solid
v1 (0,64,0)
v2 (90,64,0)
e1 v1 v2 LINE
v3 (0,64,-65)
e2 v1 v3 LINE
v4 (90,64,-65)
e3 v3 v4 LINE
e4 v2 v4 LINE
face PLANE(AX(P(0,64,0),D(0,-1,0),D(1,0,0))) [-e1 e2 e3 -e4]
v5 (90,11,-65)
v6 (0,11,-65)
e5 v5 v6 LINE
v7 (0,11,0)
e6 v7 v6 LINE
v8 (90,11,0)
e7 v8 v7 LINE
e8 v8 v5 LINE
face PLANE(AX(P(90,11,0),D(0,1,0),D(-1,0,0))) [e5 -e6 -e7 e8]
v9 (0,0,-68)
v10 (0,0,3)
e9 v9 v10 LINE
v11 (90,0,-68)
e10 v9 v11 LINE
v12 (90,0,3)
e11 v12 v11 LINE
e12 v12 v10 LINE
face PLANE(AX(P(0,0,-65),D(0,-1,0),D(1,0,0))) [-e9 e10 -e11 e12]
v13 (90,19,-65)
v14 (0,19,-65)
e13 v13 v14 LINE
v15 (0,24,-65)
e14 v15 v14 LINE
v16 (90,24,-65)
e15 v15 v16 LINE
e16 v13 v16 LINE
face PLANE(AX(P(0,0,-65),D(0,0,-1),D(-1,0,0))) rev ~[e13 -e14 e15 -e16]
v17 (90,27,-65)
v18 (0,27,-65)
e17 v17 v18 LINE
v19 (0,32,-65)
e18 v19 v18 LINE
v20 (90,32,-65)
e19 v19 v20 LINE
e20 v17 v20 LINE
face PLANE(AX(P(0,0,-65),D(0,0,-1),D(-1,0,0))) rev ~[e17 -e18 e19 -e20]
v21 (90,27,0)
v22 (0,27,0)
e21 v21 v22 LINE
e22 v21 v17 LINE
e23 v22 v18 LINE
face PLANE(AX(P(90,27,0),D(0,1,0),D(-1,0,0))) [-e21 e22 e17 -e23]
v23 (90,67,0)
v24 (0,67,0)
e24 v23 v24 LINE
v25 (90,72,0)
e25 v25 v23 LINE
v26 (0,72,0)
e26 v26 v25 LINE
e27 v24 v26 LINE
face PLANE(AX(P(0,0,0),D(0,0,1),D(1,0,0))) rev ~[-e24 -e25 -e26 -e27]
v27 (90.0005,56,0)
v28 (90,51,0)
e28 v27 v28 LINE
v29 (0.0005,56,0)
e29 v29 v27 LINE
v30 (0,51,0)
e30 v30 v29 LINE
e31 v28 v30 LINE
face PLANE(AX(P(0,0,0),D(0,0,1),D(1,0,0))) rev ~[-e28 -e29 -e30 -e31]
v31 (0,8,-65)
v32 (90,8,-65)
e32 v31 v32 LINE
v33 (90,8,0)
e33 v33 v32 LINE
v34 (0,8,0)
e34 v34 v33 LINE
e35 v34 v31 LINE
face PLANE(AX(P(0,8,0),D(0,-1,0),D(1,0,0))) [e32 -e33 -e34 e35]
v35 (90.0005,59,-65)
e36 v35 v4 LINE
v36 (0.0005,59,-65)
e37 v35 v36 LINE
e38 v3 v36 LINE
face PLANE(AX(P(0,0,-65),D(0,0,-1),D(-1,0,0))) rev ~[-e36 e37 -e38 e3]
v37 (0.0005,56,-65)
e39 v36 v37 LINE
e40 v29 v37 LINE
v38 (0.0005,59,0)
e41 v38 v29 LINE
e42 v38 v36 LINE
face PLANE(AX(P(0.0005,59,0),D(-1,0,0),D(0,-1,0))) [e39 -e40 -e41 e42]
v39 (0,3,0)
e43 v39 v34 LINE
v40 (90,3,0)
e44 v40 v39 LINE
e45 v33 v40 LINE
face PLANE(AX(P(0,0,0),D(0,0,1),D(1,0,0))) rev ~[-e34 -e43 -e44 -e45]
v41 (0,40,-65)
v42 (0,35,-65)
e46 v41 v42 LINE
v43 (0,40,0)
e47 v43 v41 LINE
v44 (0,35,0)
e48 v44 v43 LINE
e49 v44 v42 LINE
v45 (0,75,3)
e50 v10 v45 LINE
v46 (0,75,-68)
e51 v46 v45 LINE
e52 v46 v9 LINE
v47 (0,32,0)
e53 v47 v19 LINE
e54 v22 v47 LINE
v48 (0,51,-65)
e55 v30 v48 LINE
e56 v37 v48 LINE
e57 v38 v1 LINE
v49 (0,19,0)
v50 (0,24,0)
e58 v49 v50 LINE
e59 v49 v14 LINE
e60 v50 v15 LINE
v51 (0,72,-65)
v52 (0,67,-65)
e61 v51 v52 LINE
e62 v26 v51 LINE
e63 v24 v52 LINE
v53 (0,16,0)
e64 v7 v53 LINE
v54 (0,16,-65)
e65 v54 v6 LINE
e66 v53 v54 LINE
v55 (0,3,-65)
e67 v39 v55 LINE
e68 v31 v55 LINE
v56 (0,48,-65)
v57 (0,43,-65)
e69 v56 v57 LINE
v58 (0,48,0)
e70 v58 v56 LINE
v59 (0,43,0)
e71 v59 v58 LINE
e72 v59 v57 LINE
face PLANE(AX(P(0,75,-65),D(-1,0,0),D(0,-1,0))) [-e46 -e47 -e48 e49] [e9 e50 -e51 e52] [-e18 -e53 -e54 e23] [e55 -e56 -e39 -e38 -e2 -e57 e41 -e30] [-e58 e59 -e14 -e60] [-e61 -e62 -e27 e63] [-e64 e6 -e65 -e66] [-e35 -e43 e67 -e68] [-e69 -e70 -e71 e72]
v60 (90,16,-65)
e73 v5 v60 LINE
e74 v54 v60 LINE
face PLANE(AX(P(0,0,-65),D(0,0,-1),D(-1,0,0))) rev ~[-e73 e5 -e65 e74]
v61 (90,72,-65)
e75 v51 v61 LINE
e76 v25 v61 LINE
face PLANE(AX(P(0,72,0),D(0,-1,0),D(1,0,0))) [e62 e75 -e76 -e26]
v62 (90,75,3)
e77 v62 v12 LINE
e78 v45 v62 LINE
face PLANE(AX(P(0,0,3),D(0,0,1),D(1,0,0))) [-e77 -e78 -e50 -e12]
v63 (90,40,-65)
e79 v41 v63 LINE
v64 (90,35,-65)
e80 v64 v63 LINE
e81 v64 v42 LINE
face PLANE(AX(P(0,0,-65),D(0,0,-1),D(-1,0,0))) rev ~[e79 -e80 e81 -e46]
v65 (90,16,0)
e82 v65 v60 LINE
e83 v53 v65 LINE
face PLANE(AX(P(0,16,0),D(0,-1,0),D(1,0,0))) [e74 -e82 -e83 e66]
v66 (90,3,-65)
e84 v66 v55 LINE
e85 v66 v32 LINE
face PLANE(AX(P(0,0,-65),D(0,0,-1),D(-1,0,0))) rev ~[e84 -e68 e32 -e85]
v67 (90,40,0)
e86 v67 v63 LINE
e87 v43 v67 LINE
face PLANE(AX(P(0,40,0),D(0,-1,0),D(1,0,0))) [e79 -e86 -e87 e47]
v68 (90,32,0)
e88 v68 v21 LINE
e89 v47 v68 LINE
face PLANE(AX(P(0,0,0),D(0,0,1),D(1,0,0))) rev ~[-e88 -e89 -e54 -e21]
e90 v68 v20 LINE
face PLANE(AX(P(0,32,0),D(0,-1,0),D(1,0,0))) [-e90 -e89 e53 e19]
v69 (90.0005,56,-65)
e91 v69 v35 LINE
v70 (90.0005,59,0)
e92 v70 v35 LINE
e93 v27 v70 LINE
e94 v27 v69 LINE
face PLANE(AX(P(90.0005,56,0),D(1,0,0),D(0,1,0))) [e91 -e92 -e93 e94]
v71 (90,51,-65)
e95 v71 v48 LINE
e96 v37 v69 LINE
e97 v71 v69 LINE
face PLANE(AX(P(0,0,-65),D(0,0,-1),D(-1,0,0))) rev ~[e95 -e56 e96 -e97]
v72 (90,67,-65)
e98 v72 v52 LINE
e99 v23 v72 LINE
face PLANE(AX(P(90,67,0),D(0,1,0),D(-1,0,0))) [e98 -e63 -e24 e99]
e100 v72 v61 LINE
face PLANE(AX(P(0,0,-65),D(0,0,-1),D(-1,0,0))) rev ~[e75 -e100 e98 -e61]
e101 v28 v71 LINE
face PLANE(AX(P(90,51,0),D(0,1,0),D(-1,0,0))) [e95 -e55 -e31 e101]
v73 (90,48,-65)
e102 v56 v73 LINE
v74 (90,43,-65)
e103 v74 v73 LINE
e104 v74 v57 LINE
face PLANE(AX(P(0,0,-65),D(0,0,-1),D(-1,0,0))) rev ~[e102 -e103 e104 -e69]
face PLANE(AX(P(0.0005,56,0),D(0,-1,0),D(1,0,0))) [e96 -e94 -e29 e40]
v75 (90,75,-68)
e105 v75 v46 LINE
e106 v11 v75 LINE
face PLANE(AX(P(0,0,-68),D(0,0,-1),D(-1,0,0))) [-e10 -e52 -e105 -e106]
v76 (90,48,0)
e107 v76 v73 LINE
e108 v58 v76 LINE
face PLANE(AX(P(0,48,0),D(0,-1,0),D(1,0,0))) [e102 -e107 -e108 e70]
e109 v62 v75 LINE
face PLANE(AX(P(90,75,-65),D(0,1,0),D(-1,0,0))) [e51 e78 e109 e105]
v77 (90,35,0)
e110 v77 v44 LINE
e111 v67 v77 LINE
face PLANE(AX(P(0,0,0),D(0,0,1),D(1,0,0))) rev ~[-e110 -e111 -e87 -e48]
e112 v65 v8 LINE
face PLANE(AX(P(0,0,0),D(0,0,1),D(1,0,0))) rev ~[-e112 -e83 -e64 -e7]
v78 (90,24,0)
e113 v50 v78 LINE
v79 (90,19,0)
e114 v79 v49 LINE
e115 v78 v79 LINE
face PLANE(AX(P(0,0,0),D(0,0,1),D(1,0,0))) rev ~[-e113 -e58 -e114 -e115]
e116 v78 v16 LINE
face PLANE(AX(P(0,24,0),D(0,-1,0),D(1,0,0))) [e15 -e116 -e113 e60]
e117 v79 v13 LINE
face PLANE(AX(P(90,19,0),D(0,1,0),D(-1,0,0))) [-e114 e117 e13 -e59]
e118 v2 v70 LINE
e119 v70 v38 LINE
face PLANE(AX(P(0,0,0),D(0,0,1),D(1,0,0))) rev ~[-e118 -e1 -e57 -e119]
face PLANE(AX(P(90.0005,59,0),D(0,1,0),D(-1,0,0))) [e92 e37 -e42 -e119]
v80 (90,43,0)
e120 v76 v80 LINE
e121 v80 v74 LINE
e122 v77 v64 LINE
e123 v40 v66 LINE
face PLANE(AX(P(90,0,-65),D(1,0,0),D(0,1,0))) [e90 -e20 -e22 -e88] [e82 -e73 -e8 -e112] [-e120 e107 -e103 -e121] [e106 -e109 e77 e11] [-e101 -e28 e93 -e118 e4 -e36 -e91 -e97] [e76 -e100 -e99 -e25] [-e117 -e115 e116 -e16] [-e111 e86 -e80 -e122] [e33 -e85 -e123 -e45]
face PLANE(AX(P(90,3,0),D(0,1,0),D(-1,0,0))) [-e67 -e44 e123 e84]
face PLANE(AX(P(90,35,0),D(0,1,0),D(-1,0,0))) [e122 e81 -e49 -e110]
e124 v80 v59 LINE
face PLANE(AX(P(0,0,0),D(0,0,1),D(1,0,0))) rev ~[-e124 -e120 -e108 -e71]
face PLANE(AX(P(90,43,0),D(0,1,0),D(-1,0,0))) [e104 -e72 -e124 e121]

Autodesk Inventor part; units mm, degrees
ref_plane "YZ Plane" through (0, 0, 0) normal (1, 0, 0) x (0, 1, 0)
ref_plane "XZ Plane" through (0, 0, 0) normal (0, 1, 0) x (-1, 0, 0)
ref_plane "XY Plane" through (0, 0, 0) normal (0, 0, 1) x (1, 0, 0)
sketch "Sketch1" plane through (0, 0, 0) normal (0, 0, 1) x (1, 0, 0)
  line L0 (0, 0) -> (90, 0)
  line L1 (90, 0) -> (90, 3)
  line L2 (90, 3) -> (0, 3)
  line L3 (0, 3) -> (0, 0)
  line L4 (0, 8) -> (90, 8)
  line L5 (90, 8) -> (90, 11)
  line L6 (90, 11) -> (0, 11)
  line L7 (0, 11) -> (0, 8)
  line L8 (0, 16) -> (90, 16)
  line L9 (90, 16) -> (90, 19)
  line L10 (90, 19) -> (0, 19)
  line L11 (0, 19) -> (0, 16)
  line L12 (0, 24) -> (90, 24)
  line L13 (90, 24) -> (90, 27)
  line L14 (90, 27) -> (0, 27)
  line L15 (0, 27) -> (0, 24)
  line L16 (0, 32) -> (90, 32)
  line L17 (90, 32) -> (90, 35)
  line L18 (90, 35) -> (0, 35)
  line L19 (0, 35) -> (0, 32)
  line L20 (0, 40) -> (90, 40)
  line L21 (90, 40) -> (90, 43)
  line L22 (90, 43) -> (0, 43)
  line L23 (0, 43) -> (0, 40)
  line L24 (0, 48) -> (90, 48)
  line L25 (90, 48) -> (90, 51)
  line L26 (90, 51) -> (0, 51)
  line L27 (0, 51) -> (0, 48)
  line L28 (0.0005, 56) -> (90.0005, 56)
  line L29 (90.0005, 56) -> (90.0005, 59)
  line L30 (90.0005, 59) -> (0.0005, 59)
  line L31 (0.0005, 59) -> (0.0005, 56)
  line L32 (0, 64) -> (90, 64)
  line L33 (90, 64) -> (90, 67)
  line L34 (90, 67) -> (0, 67)
  line L35 (0, 67) -> (0, 64)
  line L36 (0, 72) -> (90, 72)
  line L37 (90, 72) -> (90, 75)
  line L38 (90, 75) -> (0, 75)
  line L39 (0, 75) -> (0, 72)
  line L40 (0, 75) -> (90, 75)
  line L41 (90, 75) -> (90, 0)
  line L42 (90, 0) -> (0, 0)
  line L43 (0, 0) -> (0, 75)
  dimension "d0" = 3
  dimension "d1" = 90
  dimension "d2" = 3
  dimension "d3" = 90
  dimension "d4" = 3
  dimension "d5" = 90
  dimension "d6" = 3
  dimension "d7" = 90
  dimension "d8" = 3
  dimension "d9" = 90
  dimension "d10" = 3
  dimension "d11" = 90
  dimension "d12" = 3
  dimension "d13" = 90
  dimension "d14" = 3
  dimension "d15" = 90
  dimension "d16" = 3
  dimension "d17" = 90
  dimension "d18" = 3
  dimension "d19" = 90
  dimension "d20" = 5
  dimension "d21" = 5
  dimension "d22" = 5
  dimension "d23" = 5
  dimension "d24" = 5
  dimension "d25" = 5
  dimension "d26" = 5
  dimension "d27" = 5
  dimension "d28" = 5
extrude "Extrusion1" add sketch "Sketch1" against normal blind 65 contours L3 L2 L1 L0 | L7 L6 L5 L4 | L11 L10 L9 L8 | L15 L14 L13 L12 | L19 L18 L17 L16 | L23 L22 L21 L20 | L27 L26 L25 L24 | L31 L30 L29 L28 | L35 L34 L33 L32 | L39 L38 L37 L36
sketch "Sketch2" plane through (0, 0, 0) normal (0, 0, 1) x (1, 0, 0)
  point P0 (0, 0)
sketch "Sketch3" plane through (0, 0, 0) normal (0, 0, 1) x (1, 0, 0)
  line L0 (0, 72) -> (0, 75) projected
  line L1 (90, 0) -> (0, 0)
  line L2 (0, 0) -> (0, 75)
  line L3 (0, 75) -> (90, 75)
  line L4 (90, 75) -> (90, 0)
  line L5 (0, 75) -> (90, 75)
  line L6 (90, 75) -> (90, 95)
  line L7 (90, 95) -> (0, 95)
  line L8 (0, 95) -> (0, 75)
  line L9 (0, 0) -> (90, 0)
  line L10 (90, 0) -> (90, -20)
  line L11 (90, -20) -> (0, -20)
  line L12 (0, -20) -> (0, 0)
  point P0 (0, 0)
  dimension "d35" = 20
  dimension "d36" = 90
  dimension "d37" = 20
  dimension "d38" = 90
extrude "Extrusion2" add sketch "Sketch3" along normal blind 3 contours L0 L3 L4 L1 L2
sketch "Sketch4" plane through (0, 0, -65) normal (0, -1, 0) x (1, 0, 0)
  point P0 (0, 65)
sketch "Sketch5" plane through (0, 0, -65) normal (0, 0, -1) x (-1, 0, 0)
  line L0 (-90, 75) -> (0, 75) projected
  line L1 (-90, 75) -> (0, 75)
  line L2 (0, 75) -> (0, 0)
  line L3 (0, 0) -> (-90, 0)
  line L4 (-90, 0) -> (-90, 75)
extrude "Extrusion3" add sketch "Sketch5" along normal blind 3
properties part number "stack"
